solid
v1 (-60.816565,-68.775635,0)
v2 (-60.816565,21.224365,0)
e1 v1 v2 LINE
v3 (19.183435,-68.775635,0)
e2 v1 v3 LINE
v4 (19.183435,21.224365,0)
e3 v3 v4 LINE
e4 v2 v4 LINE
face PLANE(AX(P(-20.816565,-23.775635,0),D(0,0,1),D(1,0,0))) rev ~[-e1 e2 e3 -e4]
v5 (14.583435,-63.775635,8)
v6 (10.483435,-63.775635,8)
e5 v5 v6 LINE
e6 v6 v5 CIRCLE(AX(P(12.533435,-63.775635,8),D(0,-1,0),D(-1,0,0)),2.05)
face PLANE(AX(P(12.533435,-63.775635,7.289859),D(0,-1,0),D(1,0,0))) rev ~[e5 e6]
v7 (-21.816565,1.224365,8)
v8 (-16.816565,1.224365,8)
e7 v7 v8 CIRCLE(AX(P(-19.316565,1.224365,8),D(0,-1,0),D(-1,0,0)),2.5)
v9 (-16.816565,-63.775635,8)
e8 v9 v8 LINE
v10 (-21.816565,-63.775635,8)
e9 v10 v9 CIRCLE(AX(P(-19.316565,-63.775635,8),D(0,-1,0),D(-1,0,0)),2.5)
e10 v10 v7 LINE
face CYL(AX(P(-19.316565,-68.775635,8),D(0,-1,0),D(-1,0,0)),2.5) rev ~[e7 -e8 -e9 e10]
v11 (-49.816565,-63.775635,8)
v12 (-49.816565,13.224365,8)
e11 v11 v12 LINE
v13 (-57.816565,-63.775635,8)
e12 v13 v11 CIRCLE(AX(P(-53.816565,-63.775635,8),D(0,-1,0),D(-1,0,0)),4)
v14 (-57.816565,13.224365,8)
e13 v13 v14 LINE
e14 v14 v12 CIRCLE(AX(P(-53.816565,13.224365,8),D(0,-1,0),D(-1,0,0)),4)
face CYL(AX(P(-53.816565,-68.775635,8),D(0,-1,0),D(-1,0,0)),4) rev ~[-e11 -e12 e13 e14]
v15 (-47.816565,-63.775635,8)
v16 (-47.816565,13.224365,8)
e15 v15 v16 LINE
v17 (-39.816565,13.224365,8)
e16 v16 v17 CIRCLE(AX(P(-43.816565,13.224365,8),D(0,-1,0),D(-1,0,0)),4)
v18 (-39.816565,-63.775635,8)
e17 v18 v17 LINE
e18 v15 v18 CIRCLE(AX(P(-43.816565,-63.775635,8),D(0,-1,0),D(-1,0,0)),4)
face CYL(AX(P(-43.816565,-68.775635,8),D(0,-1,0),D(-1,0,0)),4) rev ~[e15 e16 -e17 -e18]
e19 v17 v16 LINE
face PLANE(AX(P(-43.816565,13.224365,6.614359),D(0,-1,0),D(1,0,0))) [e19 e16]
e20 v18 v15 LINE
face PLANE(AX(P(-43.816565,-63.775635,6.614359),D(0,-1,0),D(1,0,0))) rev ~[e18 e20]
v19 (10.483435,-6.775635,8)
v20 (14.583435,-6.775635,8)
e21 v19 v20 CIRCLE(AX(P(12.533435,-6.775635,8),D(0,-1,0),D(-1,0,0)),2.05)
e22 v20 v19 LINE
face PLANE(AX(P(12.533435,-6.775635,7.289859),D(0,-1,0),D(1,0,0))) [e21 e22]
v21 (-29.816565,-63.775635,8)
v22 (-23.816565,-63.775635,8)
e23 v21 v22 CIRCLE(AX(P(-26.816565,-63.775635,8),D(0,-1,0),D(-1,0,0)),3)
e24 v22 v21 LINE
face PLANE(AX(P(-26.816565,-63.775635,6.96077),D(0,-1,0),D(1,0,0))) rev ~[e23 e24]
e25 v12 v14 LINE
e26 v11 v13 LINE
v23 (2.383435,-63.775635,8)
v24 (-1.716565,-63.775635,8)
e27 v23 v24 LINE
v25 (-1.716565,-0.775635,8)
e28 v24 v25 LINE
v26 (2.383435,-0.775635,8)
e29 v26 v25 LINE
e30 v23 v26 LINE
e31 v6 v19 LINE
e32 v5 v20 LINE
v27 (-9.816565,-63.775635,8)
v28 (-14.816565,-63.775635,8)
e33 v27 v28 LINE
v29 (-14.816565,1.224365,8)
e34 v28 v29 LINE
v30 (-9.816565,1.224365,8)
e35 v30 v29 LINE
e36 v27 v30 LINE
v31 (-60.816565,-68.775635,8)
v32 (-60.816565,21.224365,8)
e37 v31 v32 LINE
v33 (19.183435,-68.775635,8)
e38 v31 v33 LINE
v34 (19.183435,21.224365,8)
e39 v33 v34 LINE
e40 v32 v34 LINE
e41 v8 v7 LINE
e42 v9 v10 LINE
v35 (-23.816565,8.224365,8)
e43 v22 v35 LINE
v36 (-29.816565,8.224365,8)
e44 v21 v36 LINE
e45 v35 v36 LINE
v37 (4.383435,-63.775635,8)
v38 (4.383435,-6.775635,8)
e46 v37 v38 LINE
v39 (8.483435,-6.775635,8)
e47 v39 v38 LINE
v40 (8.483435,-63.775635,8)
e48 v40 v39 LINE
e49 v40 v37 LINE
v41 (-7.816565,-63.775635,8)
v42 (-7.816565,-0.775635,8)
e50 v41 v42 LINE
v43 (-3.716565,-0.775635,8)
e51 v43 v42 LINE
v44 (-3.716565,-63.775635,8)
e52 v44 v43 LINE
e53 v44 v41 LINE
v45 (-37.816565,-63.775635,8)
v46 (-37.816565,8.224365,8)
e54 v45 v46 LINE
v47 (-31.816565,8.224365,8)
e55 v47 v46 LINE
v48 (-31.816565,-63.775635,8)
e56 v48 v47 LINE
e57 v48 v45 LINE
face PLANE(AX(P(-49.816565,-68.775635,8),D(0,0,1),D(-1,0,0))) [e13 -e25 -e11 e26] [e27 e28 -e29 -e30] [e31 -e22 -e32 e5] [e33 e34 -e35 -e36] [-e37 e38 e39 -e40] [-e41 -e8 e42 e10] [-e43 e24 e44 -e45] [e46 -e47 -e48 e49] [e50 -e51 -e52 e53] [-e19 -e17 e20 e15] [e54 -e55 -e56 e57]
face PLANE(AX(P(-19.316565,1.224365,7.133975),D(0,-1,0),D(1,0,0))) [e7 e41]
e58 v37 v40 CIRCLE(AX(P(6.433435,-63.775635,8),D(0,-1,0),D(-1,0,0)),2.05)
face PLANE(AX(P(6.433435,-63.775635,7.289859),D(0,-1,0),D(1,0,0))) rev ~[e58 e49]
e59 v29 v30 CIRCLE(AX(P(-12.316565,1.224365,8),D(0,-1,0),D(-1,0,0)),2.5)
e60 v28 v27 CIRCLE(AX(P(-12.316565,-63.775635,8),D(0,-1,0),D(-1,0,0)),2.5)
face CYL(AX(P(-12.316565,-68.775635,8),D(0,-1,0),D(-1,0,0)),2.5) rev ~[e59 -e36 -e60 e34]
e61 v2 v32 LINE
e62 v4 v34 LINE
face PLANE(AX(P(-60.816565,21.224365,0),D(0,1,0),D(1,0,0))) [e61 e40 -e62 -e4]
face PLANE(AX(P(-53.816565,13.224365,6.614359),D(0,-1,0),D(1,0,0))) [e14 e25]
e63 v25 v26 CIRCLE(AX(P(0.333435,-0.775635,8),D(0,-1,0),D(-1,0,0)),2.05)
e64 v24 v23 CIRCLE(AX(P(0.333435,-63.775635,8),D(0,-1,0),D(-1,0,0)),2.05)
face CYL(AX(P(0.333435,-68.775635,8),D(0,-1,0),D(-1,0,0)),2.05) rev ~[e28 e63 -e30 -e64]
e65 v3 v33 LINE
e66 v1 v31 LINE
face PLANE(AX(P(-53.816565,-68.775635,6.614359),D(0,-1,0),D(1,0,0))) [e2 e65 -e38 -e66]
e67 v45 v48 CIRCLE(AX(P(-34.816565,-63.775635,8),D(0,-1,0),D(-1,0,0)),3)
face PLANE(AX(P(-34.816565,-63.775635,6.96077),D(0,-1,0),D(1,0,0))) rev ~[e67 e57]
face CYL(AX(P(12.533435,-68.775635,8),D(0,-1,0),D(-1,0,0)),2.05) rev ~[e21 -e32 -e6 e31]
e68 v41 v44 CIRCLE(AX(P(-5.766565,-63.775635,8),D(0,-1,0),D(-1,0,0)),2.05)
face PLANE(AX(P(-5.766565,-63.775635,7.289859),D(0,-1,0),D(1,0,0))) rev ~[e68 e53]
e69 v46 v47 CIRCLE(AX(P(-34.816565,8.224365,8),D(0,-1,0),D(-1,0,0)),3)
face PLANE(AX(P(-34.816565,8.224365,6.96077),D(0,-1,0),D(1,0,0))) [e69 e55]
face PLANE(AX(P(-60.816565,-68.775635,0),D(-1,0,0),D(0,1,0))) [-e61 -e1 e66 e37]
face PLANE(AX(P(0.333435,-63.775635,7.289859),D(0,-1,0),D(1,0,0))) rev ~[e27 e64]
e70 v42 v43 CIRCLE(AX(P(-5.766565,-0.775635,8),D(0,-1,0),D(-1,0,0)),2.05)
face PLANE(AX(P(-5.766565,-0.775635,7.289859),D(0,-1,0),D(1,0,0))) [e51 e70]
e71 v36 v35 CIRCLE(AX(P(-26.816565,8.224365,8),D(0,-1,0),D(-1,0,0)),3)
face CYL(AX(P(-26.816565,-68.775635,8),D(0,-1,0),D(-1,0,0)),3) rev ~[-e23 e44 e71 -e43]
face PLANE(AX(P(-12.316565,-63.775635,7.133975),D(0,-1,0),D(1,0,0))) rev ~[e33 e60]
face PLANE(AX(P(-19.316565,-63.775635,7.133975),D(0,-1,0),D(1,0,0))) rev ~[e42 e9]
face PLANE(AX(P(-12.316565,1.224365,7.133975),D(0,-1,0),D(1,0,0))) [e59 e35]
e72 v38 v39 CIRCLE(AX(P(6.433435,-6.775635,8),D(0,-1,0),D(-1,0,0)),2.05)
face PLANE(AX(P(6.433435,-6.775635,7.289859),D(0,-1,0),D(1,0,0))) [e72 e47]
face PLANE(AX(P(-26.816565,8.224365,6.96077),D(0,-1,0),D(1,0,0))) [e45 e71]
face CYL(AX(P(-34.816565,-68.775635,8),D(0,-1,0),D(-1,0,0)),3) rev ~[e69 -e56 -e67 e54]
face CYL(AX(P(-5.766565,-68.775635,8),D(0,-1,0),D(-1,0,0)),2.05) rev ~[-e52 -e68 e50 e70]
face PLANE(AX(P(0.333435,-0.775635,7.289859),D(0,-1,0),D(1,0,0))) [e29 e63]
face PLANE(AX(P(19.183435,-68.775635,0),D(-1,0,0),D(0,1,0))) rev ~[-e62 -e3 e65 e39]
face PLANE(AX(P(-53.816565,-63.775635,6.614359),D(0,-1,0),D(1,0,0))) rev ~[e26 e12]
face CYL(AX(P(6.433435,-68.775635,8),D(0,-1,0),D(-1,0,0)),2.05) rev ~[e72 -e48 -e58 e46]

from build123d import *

# Parameters (mm, degrees)
F0_W     = 80
F0_H     = 90
F1_DEPTH = 8
F3_DEPTH = 82
F4_DEPTH = 77
F5_DEPTH = 70
F6_DEPTH = 68
F7_DEPTH = 62
F8_DEPTH = 5


with BuildPart() as f1:
    # F0 (on Top) → F1 (new body)
    with BuildSketch(Plane.XY):
        with Locations((-20.8165652305, -23.7756354961)):
            Rectangle(F0_W, F0_H)
    extrude(amount=F1_DEPTH)

    # F2 (on face) → F3 (cut)
    with BuildSketch(Plane.XZ.offset(68.7756354961)):
        with BuildLine():
            ThreePointArc((-57.8165652305, 8), (-53.8165652305, 4), (-49.8165652305, 8))
            Line((-49.8165652305, 8), (-57.8165652305, 8))
        make_face()
        with BuildLine():
            Line((-39.8165652305, 8), (-47.8165652305, 8))
            ThreePointArc((-47.8165652305, 8), (-43.8165652305, 4), (-39.8165652305, 8))
        make_face()
    extrude(amount=-F3_DEPTH, mode=Mode.SUBTRACT)

    # F2 (on face) → F4 (cut)
    with BuildSketch(Plane.XZ.offset(68.7756354961)):
        with BuildLine():
            Line((-31.8165652305, 8), (-37.8165652305, 8))
            ThreePointArc((-37.8165652305, 8), (-34.8165652305, 5), (-31.8165652305, 8))
        make_face()
        with BuildLine():
            Line((-23.8165652305, 8), (-29.8165652305, 8))
            ThreePointArc((-29.8165652305, 8), (-26.8165652305, 5), (-23.8165652305, 8))
        make_face()
    extrude(amount=-F4_DEPTH, mode=Mode.SUBTRACT)

    # F2 (on face) → F5 (cut)
    with BuildSketch(Plane.XZ.offset(68.7756354961)):
        with BuildLine():
            Line((-16.8165652305, 8), (-21.8165652305, 8))
            ThreePointArc((-21.8165652305, 8), (-19.3165652305, 5.5), (-16.8165652305, 8))
        make_face()
        with BuildLine():
            Line((-9.8165652305, 8), (-14.8165652305, 8))
            ThreePointArc((-14.8165652305, 8), (-12.3165652305, 5.5), (-9.8165652305, 8))
        make_face()
    extrude(amount=-F5_DEPTH, mode=Mode.SUBTRACT)

    # F2 (on face) → F6 (cut)
    with BuildSketch(Plane.XZ.offset(68.7756354961)):
        with BuildLine():
            Line((-3.7165652305, 8), (-7.8165652305, 8))
            ThreePointArc((-7.8165652305, 8), (-5.7665652305, 5.95), (-3.7165652305, 8))
        make_face()
        with BuildLine():
            ThreePointArc((-1.7165652305, 8), (0.3334347695, 5.95), (2.3834347695, 8))
            Line((2.3834347695, 8), (-1.7165652305, 8))
        make_face()
    extrude(amount=-F6_DEPTH, mode=Mode.SUBTRACT)

    # F2 (on face) → F7 (cut)
    with BuildSketch(Plane.XZ.offset(68.7756354961)):
        with BuildLine():
            ThreePointArc((4.3834347695, 8), (6.4334347695, 5.95), (8.4834347695, 8))
            Line((8.4834347695, 8), (4.3834347695, 8))
        make_face()
        with BuildLine():
            ThreePointArc((10.4834347695, 8), (12.5334347695, 5.95), (14.5834347695, 8))
            Line((14.5834347695, 8), (10.4834347695, 8))
        make_face()
    extrude(amount=-F7_DEPTH, mode=Mode.SUBTRACT)

    # F2 (on face) → F8 (join)
    with BuildSketch(Plane.XZ.offset(68.7756354961)):
        with BuildLine():
            ThreePointArc((-57.8165652305, 8), (-53.8165652305, 4), (-49.8165652305, 8))
            Line((-49.8165652305, 8), (-57.8165652305, 8))
        make_face()
        with BuildLine():
            Line((-39.8165652305, 8), (-47.8165652305, 8))
            ThreePointArc((-47.8165652305, 8), (-43.8165652305, 4), (-39.8165652305, 8))
        make_face()
        with BuildLine():
            Line((-31.8165652305, 8), (-37.8165652305, 8))
            ThreePointArc((-37.8165652305, 8), (-34.8165652305, 5), (-31.8165652305, 8))
        make_face()
        with BuildLine():
            Line((-23.8165652305, 8), (-29.8165652305, 8))
            ThreePointArc((-29.8165652305, 8), (-26.8165652305, 5), (-23.8165652305, 8))
        make_face()
        with BuildLine():
            Line((-16.8165652305, 8), (-21.8165652305, 8))
            ThreePointArc((-21.8165652305, 8), (-19.3165652305, 5.5), (-16.8165652305, 8))
        make_face()
        with BuildLine():
            Line((-9.8165652305, 8), (-14.8165652305, 8))
            ThreePointArc((-14.8165652305, 8), (-12.3165652305, 5.5), (-9.8165652305, 8))
        make_face()
        with BuildLine():
            Line((-3.7165652305, 8), (-7.8165652305, 8))
            ThreePointArc((-7.8165652305, 8), (-5.7665652305, 5.95), (-3.7165652305, 8))
        make_face()
        with BuildLine():
            ThreePointArc((-1.7165652305, 8), (0.3334347695, 5.95), (2.3834347695, 8))
            Line((2.3834347695, 8), (-1.7165652305, 8))
        make_face()
        with BuildLine():
            ThreePointArc((4.3834347695, 8), (6.4334347695, 5.95), (8.4834347695, 8))
            Line((8.4834347695, 8), (4.3834347695, 8))
        make_face()
        with BuildLine():
            ThreePointArc((10.4834347695, 8), (12.5334347695, 5.95), (14.5834347695, 8))
            Line((14.5834347695, 8), (10.4834347695, 8))
        make_face()
    extrude(amount=-F8_DEPTH)


solid = f1.part
